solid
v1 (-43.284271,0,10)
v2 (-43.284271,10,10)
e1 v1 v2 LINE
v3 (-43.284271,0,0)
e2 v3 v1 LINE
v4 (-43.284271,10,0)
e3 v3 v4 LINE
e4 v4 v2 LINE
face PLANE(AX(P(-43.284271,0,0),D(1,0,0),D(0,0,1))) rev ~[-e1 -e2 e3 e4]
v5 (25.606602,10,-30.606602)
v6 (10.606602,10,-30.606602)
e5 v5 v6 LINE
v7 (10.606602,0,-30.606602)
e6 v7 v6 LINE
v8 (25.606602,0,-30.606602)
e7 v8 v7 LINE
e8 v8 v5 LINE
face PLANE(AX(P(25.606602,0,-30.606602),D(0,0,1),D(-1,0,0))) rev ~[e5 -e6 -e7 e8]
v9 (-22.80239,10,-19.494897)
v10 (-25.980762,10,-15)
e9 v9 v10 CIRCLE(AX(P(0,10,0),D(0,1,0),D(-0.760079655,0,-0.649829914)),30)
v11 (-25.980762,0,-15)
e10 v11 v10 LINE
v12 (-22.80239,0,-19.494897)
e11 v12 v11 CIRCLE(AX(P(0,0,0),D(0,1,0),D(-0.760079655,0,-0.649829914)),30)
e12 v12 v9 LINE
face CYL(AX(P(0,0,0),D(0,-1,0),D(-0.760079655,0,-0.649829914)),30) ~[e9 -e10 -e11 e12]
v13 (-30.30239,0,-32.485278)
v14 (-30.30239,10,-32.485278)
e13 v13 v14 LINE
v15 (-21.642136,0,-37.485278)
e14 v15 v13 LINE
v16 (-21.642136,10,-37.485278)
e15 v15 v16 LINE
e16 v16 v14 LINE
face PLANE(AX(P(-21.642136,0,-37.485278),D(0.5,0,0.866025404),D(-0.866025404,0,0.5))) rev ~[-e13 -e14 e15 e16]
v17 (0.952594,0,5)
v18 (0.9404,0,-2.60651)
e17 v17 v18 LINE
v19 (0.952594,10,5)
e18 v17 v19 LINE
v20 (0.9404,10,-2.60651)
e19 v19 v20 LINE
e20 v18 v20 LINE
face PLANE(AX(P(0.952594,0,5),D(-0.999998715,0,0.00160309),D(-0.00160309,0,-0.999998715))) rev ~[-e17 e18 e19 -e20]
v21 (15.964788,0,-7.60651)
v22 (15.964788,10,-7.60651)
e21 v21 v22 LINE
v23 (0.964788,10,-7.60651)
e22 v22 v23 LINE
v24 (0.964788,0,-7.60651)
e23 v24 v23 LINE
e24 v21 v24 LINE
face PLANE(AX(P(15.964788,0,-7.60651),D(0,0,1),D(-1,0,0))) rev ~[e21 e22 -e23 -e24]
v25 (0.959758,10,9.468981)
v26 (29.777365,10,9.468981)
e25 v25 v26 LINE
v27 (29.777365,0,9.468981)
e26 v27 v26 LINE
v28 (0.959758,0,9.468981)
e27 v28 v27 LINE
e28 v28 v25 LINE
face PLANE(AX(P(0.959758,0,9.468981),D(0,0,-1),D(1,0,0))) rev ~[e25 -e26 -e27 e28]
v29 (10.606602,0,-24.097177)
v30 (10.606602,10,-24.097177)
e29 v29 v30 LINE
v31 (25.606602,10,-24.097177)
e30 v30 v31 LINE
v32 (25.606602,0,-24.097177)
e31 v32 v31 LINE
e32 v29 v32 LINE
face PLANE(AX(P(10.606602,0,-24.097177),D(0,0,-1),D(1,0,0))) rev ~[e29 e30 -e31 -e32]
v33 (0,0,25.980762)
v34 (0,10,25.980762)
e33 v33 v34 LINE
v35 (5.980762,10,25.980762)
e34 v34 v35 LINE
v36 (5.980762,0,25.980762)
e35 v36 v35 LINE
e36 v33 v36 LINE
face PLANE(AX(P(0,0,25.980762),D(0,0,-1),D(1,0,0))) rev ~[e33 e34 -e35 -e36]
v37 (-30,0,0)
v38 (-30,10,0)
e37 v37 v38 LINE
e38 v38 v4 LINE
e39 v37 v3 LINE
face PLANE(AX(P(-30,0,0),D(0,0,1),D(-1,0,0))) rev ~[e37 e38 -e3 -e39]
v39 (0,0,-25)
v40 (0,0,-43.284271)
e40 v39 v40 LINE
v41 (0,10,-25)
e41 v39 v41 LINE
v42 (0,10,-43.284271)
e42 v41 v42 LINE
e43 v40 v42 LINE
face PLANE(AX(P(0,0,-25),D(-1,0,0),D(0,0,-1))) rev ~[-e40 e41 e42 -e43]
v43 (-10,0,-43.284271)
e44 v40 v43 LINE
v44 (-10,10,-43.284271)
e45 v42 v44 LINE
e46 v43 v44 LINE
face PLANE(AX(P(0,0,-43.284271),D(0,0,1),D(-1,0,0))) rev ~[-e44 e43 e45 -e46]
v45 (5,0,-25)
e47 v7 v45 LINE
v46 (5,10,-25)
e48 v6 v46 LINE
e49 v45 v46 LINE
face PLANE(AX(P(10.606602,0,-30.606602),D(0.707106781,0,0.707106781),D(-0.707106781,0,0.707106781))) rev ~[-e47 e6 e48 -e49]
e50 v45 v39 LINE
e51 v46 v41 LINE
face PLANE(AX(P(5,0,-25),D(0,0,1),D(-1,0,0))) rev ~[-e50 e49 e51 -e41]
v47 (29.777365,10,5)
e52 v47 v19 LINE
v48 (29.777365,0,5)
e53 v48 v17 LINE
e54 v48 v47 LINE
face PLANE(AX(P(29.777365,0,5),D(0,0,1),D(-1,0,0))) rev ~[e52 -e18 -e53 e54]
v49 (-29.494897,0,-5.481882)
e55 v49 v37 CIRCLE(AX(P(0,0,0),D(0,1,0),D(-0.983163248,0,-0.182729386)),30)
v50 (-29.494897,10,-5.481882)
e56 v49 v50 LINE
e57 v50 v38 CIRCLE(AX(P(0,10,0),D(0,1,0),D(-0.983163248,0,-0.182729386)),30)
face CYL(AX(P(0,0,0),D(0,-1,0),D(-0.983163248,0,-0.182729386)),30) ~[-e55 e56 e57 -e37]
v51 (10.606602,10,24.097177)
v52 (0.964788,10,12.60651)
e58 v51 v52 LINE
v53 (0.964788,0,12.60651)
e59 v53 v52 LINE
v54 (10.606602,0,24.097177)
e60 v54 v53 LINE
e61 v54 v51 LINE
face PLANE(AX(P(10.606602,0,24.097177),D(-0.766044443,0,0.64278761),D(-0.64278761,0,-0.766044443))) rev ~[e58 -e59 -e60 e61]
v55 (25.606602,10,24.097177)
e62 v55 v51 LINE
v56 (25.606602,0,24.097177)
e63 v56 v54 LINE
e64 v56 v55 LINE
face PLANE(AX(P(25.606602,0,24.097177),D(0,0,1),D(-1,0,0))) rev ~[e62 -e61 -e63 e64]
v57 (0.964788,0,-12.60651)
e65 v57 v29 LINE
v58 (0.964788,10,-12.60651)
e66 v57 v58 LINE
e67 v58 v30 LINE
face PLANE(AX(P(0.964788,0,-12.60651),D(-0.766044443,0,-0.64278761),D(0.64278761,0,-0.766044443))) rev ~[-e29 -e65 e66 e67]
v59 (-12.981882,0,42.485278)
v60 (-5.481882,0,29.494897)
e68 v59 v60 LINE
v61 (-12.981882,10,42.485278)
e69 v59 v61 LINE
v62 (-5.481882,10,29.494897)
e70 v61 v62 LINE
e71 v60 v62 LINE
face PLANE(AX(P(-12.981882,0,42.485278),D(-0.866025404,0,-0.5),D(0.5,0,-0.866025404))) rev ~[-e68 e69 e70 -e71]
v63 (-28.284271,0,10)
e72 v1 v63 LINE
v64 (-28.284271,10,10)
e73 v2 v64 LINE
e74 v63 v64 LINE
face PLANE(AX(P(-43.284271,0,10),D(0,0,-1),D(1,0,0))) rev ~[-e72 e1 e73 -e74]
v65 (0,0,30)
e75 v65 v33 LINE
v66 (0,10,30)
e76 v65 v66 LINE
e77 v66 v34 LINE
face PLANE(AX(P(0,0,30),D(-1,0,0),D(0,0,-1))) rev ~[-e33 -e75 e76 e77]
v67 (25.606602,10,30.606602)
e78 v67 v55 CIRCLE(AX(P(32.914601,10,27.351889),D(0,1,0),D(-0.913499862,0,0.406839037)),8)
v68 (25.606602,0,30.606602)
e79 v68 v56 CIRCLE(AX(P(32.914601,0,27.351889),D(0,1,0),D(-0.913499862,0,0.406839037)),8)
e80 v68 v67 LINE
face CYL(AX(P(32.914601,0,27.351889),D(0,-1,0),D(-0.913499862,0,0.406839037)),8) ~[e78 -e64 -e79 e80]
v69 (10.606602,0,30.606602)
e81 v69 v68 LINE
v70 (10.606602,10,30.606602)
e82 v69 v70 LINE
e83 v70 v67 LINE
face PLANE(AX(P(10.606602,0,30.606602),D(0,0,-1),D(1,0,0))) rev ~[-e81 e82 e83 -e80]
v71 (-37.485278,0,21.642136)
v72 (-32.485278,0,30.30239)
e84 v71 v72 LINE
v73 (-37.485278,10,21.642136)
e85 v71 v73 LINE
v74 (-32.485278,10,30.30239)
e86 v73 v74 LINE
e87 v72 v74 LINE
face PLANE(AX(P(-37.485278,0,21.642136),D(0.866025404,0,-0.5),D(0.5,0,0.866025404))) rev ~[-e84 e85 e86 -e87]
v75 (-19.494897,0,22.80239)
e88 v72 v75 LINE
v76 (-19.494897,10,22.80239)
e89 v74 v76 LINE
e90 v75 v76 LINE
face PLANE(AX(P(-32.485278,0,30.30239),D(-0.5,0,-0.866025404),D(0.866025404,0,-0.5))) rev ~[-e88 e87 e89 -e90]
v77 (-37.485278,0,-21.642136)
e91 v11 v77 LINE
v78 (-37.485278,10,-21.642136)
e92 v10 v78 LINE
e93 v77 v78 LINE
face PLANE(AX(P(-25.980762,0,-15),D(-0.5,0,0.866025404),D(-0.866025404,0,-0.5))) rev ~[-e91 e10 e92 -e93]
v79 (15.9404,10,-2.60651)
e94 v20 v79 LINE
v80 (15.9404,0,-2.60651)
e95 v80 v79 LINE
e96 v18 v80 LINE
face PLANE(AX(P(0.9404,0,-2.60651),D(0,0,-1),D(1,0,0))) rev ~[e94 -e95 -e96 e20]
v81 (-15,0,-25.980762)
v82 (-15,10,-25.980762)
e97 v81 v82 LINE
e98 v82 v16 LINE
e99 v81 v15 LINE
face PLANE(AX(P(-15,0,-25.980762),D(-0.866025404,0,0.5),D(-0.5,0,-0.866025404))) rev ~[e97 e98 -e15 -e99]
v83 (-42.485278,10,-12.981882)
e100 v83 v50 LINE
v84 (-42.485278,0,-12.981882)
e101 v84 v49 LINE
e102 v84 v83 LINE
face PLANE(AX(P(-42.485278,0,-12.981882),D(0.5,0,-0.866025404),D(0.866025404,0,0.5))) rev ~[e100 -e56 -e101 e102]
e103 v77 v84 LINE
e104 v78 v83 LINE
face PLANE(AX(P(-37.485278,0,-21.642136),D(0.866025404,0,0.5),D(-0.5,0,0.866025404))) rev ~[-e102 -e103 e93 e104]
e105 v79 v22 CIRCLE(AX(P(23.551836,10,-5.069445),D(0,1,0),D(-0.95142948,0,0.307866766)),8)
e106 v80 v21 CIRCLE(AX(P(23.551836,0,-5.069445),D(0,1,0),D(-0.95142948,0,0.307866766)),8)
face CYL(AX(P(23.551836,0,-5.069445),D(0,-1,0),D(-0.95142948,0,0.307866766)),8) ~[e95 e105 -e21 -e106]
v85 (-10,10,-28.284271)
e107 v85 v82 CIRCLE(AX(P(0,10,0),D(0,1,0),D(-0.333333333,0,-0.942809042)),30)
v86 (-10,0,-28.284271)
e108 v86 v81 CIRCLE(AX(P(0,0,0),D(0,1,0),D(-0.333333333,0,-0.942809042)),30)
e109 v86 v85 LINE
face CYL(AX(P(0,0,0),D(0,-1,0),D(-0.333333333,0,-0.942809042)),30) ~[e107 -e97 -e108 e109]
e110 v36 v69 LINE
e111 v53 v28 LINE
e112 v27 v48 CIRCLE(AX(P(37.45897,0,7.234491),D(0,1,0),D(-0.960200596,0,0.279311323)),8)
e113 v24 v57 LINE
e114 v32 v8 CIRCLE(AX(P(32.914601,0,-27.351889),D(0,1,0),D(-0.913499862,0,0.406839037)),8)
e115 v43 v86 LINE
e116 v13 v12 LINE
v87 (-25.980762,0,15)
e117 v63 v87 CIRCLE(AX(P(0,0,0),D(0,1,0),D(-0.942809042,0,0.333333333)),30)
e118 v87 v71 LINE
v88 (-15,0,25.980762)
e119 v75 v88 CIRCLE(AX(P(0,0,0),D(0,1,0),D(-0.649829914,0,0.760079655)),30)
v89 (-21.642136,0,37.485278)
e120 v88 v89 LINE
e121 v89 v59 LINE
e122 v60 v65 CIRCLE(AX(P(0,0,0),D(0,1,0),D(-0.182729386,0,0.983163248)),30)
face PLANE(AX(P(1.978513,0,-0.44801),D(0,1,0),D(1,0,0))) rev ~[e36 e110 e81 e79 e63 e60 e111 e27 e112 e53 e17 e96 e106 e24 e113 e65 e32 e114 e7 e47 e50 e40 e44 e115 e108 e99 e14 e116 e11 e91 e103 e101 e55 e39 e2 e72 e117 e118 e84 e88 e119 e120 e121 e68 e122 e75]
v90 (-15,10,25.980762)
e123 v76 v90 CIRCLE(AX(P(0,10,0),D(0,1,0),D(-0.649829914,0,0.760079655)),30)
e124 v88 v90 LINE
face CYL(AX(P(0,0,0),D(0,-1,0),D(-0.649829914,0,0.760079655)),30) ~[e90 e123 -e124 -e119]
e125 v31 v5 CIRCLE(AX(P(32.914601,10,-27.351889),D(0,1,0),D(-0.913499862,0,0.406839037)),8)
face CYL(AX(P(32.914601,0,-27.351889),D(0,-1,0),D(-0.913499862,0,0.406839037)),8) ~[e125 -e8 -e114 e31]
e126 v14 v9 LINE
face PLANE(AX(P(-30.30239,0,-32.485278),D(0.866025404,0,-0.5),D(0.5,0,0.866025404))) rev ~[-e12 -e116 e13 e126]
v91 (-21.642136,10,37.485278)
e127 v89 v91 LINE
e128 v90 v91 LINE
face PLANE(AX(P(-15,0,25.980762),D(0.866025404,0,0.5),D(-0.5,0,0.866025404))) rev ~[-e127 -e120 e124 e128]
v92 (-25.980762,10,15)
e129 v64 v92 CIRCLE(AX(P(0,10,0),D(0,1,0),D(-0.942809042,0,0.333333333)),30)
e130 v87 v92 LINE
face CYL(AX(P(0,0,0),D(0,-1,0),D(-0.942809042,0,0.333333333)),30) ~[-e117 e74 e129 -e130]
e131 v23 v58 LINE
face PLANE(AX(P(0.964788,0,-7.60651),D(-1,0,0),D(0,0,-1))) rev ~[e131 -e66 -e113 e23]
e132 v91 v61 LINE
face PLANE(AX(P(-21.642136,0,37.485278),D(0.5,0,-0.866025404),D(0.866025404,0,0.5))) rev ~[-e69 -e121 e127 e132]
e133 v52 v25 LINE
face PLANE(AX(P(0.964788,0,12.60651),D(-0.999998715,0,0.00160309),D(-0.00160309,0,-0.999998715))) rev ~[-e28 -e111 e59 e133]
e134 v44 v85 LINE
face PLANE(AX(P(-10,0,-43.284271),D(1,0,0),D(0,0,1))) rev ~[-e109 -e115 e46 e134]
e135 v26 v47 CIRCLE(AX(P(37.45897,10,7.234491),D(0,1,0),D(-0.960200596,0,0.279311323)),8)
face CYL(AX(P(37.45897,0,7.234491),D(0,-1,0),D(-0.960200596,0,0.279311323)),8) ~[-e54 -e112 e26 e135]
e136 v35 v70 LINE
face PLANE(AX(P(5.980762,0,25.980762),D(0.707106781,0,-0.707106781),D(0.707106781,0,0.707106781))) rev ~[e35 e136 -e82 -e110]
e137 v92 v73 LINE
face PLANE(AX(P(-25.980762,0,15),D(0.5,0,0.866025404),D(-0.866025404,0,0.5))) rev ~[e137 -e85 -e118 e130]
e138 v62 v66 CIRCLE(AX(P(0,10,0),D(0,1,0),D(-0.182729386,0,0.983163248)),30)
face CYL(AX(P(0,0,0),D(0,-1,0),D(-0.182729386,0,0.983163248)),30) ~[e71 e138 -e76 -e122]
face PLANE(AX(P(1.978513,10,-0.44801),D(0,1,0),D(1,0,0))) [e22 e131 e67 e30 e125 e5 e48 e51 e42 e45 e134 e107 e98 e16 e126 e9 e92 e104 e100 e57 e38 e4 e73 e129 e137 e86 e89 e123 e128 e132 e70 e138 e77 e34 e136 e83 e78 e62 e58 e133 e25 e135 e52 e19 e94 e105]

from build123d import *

# Parameters (mm, degrees)
BOSS_EXTRUDE1_DEPTH = 10


with BuildPart() as part:
    # Sketch1 → Boss-Extrude1 (new body)
    with BuildSketch(Plane(origin=(0, 0, 0), x_dir=(1, 0, 0), z_dir=(0, 1, 0))):
        with BuildLine():
            Line((-10, 43.284271247), (-10, 28.284271247))
            ThreePointArc((-10, 28.284271247), (-12.552949398, 27.247448714), (-15, 25.980762114))
            Line((-15, 25.980762114), (-21.642135624, 37.485278485))
            Line((-21.642135624, 37.485278485), (-30.302389662, 32.485278485))
            Line((-30.302389662, 32.485278485), (-22.802389662, 19.494897428))
            ThreePointArc((-22.802389662, 19.494897428), (-24.494897428, 17.320508076), (-25.980762114, 15))
            Line((-25.980762114, 15), (-37.485278485, 21.642135624))
            Line((-37.485278485, 21.642135624), (-42.485278485, 12.981881586))
            Line((-42.485278485, 12.981881586), (-29.494897428, 5.481881586))
            ThreePointArc((-29.494897428, 5.481881586), (-29.873457473, 2.752551286), (-30, 0))
            Line((-30, 0), (-43.284271247, 0))
            Line((-43.284271247, 0), (-43.284271247, -10))
            Line((-43.284271247, -10), (-28.284271247, -10))
            ThreePointArc((-28.284271247, -10), (-27.247448714, -12.552949398), (-25.980762114, -15))
            Line((-25.980762114, -15), (-37.485278485, -21.642135624))
            Line((-37.485278485, -21.642135624), (-32.485278485, -30.302389662))
            Line((-32.485278485, -30.302389662), (-19.494897428, -22.802389662))
            ThreePointArc((-19.494897428, -22.802389662), (-17.320508076, -24.494897428), (-15, -25.980762114))
            Line((-15, -25.980762114), (-21.642135624, -37.485278485))
            Line((-21.642135624, -37.485278485), (-12.981881586, -42.485278485))
            Line((-12.981881586, -42.485278485), (-5.481881586, -29.494897428))
            ThreePointArc((-5.481881586, -29.494897428), (-2.752551286, -29.873457473), (0, -30))
            Line((0, -30), (0, -25.980762114))
            Line((0, -25.980762114), (5.980762114, -25.980762114))
            Line((5.980762114, -25.980762114), (10.606601718, -30.606601718))
            Line((10.606601718, -30.606601718), (25.606601718, -30.606601718))
            ThreePointArc((25.606601718, -30.606601718), (40.914600616, -27.351889426), (25.606601718, -24.097177134))
            Line((25.606601718, -24.097177134), (10.606601718, -24.097177134))
            Line((10.606601718, -24.097177134), (0.964787573, -12.606510487))
            Line((0.964787573, -12.606510487), (0.959757824, -9.468981171))
            Line((0.959757824, -9.468981171), (29.777364974, -9.468981171))
            ThreePointArc((29.777364974, -9.468981171), (45.458969743, -7.234490585), (29.777364974, -5))
            Line((29.777364974, -5), (0.952593634, -5))
            Line((0.952593634, -5), (0.940399696, 2.606510487))
            Line((0.940399696, 2.606510487), (15.940399696, 2.606510487))
            ThreePointArc((15.940399696, 2.606510487), (31.551740371, 5.030424476), (15.964787573, 7.606510487))
            Line((15.964787573, 7.606510487), (0.964787573, 7.606510487))
            Line((0.964787573, 7.606510487), (0.964787573, 12.606510487))
            Line((0.964787573, 12.606510487), (10.606601718, 24.097177134))
            Line((10.606601718, 24.097177134), (25.606601718, 24.097177134))
            ThreePointArc((25.606601718, 24.097177134), (40.914600616, 27.351889426), (25.606601718, 30.606601718))
            Line((25.606601718, 30.606601718), (10.606601718, 30.606601718))
            Line((10.606601718, 30.606601718), (5, 25))
            Line((5, 25), (0, 25))
            Line((0, 25), (0, 30))
            Line((0, 30), (0, 43.284271247))
            Line((0, 43.284271247), (-10, 43.284271247))
        make_face()
    extrude(amount=BOSS_EXTRUDE1_DEPTH)


solid = part.part
